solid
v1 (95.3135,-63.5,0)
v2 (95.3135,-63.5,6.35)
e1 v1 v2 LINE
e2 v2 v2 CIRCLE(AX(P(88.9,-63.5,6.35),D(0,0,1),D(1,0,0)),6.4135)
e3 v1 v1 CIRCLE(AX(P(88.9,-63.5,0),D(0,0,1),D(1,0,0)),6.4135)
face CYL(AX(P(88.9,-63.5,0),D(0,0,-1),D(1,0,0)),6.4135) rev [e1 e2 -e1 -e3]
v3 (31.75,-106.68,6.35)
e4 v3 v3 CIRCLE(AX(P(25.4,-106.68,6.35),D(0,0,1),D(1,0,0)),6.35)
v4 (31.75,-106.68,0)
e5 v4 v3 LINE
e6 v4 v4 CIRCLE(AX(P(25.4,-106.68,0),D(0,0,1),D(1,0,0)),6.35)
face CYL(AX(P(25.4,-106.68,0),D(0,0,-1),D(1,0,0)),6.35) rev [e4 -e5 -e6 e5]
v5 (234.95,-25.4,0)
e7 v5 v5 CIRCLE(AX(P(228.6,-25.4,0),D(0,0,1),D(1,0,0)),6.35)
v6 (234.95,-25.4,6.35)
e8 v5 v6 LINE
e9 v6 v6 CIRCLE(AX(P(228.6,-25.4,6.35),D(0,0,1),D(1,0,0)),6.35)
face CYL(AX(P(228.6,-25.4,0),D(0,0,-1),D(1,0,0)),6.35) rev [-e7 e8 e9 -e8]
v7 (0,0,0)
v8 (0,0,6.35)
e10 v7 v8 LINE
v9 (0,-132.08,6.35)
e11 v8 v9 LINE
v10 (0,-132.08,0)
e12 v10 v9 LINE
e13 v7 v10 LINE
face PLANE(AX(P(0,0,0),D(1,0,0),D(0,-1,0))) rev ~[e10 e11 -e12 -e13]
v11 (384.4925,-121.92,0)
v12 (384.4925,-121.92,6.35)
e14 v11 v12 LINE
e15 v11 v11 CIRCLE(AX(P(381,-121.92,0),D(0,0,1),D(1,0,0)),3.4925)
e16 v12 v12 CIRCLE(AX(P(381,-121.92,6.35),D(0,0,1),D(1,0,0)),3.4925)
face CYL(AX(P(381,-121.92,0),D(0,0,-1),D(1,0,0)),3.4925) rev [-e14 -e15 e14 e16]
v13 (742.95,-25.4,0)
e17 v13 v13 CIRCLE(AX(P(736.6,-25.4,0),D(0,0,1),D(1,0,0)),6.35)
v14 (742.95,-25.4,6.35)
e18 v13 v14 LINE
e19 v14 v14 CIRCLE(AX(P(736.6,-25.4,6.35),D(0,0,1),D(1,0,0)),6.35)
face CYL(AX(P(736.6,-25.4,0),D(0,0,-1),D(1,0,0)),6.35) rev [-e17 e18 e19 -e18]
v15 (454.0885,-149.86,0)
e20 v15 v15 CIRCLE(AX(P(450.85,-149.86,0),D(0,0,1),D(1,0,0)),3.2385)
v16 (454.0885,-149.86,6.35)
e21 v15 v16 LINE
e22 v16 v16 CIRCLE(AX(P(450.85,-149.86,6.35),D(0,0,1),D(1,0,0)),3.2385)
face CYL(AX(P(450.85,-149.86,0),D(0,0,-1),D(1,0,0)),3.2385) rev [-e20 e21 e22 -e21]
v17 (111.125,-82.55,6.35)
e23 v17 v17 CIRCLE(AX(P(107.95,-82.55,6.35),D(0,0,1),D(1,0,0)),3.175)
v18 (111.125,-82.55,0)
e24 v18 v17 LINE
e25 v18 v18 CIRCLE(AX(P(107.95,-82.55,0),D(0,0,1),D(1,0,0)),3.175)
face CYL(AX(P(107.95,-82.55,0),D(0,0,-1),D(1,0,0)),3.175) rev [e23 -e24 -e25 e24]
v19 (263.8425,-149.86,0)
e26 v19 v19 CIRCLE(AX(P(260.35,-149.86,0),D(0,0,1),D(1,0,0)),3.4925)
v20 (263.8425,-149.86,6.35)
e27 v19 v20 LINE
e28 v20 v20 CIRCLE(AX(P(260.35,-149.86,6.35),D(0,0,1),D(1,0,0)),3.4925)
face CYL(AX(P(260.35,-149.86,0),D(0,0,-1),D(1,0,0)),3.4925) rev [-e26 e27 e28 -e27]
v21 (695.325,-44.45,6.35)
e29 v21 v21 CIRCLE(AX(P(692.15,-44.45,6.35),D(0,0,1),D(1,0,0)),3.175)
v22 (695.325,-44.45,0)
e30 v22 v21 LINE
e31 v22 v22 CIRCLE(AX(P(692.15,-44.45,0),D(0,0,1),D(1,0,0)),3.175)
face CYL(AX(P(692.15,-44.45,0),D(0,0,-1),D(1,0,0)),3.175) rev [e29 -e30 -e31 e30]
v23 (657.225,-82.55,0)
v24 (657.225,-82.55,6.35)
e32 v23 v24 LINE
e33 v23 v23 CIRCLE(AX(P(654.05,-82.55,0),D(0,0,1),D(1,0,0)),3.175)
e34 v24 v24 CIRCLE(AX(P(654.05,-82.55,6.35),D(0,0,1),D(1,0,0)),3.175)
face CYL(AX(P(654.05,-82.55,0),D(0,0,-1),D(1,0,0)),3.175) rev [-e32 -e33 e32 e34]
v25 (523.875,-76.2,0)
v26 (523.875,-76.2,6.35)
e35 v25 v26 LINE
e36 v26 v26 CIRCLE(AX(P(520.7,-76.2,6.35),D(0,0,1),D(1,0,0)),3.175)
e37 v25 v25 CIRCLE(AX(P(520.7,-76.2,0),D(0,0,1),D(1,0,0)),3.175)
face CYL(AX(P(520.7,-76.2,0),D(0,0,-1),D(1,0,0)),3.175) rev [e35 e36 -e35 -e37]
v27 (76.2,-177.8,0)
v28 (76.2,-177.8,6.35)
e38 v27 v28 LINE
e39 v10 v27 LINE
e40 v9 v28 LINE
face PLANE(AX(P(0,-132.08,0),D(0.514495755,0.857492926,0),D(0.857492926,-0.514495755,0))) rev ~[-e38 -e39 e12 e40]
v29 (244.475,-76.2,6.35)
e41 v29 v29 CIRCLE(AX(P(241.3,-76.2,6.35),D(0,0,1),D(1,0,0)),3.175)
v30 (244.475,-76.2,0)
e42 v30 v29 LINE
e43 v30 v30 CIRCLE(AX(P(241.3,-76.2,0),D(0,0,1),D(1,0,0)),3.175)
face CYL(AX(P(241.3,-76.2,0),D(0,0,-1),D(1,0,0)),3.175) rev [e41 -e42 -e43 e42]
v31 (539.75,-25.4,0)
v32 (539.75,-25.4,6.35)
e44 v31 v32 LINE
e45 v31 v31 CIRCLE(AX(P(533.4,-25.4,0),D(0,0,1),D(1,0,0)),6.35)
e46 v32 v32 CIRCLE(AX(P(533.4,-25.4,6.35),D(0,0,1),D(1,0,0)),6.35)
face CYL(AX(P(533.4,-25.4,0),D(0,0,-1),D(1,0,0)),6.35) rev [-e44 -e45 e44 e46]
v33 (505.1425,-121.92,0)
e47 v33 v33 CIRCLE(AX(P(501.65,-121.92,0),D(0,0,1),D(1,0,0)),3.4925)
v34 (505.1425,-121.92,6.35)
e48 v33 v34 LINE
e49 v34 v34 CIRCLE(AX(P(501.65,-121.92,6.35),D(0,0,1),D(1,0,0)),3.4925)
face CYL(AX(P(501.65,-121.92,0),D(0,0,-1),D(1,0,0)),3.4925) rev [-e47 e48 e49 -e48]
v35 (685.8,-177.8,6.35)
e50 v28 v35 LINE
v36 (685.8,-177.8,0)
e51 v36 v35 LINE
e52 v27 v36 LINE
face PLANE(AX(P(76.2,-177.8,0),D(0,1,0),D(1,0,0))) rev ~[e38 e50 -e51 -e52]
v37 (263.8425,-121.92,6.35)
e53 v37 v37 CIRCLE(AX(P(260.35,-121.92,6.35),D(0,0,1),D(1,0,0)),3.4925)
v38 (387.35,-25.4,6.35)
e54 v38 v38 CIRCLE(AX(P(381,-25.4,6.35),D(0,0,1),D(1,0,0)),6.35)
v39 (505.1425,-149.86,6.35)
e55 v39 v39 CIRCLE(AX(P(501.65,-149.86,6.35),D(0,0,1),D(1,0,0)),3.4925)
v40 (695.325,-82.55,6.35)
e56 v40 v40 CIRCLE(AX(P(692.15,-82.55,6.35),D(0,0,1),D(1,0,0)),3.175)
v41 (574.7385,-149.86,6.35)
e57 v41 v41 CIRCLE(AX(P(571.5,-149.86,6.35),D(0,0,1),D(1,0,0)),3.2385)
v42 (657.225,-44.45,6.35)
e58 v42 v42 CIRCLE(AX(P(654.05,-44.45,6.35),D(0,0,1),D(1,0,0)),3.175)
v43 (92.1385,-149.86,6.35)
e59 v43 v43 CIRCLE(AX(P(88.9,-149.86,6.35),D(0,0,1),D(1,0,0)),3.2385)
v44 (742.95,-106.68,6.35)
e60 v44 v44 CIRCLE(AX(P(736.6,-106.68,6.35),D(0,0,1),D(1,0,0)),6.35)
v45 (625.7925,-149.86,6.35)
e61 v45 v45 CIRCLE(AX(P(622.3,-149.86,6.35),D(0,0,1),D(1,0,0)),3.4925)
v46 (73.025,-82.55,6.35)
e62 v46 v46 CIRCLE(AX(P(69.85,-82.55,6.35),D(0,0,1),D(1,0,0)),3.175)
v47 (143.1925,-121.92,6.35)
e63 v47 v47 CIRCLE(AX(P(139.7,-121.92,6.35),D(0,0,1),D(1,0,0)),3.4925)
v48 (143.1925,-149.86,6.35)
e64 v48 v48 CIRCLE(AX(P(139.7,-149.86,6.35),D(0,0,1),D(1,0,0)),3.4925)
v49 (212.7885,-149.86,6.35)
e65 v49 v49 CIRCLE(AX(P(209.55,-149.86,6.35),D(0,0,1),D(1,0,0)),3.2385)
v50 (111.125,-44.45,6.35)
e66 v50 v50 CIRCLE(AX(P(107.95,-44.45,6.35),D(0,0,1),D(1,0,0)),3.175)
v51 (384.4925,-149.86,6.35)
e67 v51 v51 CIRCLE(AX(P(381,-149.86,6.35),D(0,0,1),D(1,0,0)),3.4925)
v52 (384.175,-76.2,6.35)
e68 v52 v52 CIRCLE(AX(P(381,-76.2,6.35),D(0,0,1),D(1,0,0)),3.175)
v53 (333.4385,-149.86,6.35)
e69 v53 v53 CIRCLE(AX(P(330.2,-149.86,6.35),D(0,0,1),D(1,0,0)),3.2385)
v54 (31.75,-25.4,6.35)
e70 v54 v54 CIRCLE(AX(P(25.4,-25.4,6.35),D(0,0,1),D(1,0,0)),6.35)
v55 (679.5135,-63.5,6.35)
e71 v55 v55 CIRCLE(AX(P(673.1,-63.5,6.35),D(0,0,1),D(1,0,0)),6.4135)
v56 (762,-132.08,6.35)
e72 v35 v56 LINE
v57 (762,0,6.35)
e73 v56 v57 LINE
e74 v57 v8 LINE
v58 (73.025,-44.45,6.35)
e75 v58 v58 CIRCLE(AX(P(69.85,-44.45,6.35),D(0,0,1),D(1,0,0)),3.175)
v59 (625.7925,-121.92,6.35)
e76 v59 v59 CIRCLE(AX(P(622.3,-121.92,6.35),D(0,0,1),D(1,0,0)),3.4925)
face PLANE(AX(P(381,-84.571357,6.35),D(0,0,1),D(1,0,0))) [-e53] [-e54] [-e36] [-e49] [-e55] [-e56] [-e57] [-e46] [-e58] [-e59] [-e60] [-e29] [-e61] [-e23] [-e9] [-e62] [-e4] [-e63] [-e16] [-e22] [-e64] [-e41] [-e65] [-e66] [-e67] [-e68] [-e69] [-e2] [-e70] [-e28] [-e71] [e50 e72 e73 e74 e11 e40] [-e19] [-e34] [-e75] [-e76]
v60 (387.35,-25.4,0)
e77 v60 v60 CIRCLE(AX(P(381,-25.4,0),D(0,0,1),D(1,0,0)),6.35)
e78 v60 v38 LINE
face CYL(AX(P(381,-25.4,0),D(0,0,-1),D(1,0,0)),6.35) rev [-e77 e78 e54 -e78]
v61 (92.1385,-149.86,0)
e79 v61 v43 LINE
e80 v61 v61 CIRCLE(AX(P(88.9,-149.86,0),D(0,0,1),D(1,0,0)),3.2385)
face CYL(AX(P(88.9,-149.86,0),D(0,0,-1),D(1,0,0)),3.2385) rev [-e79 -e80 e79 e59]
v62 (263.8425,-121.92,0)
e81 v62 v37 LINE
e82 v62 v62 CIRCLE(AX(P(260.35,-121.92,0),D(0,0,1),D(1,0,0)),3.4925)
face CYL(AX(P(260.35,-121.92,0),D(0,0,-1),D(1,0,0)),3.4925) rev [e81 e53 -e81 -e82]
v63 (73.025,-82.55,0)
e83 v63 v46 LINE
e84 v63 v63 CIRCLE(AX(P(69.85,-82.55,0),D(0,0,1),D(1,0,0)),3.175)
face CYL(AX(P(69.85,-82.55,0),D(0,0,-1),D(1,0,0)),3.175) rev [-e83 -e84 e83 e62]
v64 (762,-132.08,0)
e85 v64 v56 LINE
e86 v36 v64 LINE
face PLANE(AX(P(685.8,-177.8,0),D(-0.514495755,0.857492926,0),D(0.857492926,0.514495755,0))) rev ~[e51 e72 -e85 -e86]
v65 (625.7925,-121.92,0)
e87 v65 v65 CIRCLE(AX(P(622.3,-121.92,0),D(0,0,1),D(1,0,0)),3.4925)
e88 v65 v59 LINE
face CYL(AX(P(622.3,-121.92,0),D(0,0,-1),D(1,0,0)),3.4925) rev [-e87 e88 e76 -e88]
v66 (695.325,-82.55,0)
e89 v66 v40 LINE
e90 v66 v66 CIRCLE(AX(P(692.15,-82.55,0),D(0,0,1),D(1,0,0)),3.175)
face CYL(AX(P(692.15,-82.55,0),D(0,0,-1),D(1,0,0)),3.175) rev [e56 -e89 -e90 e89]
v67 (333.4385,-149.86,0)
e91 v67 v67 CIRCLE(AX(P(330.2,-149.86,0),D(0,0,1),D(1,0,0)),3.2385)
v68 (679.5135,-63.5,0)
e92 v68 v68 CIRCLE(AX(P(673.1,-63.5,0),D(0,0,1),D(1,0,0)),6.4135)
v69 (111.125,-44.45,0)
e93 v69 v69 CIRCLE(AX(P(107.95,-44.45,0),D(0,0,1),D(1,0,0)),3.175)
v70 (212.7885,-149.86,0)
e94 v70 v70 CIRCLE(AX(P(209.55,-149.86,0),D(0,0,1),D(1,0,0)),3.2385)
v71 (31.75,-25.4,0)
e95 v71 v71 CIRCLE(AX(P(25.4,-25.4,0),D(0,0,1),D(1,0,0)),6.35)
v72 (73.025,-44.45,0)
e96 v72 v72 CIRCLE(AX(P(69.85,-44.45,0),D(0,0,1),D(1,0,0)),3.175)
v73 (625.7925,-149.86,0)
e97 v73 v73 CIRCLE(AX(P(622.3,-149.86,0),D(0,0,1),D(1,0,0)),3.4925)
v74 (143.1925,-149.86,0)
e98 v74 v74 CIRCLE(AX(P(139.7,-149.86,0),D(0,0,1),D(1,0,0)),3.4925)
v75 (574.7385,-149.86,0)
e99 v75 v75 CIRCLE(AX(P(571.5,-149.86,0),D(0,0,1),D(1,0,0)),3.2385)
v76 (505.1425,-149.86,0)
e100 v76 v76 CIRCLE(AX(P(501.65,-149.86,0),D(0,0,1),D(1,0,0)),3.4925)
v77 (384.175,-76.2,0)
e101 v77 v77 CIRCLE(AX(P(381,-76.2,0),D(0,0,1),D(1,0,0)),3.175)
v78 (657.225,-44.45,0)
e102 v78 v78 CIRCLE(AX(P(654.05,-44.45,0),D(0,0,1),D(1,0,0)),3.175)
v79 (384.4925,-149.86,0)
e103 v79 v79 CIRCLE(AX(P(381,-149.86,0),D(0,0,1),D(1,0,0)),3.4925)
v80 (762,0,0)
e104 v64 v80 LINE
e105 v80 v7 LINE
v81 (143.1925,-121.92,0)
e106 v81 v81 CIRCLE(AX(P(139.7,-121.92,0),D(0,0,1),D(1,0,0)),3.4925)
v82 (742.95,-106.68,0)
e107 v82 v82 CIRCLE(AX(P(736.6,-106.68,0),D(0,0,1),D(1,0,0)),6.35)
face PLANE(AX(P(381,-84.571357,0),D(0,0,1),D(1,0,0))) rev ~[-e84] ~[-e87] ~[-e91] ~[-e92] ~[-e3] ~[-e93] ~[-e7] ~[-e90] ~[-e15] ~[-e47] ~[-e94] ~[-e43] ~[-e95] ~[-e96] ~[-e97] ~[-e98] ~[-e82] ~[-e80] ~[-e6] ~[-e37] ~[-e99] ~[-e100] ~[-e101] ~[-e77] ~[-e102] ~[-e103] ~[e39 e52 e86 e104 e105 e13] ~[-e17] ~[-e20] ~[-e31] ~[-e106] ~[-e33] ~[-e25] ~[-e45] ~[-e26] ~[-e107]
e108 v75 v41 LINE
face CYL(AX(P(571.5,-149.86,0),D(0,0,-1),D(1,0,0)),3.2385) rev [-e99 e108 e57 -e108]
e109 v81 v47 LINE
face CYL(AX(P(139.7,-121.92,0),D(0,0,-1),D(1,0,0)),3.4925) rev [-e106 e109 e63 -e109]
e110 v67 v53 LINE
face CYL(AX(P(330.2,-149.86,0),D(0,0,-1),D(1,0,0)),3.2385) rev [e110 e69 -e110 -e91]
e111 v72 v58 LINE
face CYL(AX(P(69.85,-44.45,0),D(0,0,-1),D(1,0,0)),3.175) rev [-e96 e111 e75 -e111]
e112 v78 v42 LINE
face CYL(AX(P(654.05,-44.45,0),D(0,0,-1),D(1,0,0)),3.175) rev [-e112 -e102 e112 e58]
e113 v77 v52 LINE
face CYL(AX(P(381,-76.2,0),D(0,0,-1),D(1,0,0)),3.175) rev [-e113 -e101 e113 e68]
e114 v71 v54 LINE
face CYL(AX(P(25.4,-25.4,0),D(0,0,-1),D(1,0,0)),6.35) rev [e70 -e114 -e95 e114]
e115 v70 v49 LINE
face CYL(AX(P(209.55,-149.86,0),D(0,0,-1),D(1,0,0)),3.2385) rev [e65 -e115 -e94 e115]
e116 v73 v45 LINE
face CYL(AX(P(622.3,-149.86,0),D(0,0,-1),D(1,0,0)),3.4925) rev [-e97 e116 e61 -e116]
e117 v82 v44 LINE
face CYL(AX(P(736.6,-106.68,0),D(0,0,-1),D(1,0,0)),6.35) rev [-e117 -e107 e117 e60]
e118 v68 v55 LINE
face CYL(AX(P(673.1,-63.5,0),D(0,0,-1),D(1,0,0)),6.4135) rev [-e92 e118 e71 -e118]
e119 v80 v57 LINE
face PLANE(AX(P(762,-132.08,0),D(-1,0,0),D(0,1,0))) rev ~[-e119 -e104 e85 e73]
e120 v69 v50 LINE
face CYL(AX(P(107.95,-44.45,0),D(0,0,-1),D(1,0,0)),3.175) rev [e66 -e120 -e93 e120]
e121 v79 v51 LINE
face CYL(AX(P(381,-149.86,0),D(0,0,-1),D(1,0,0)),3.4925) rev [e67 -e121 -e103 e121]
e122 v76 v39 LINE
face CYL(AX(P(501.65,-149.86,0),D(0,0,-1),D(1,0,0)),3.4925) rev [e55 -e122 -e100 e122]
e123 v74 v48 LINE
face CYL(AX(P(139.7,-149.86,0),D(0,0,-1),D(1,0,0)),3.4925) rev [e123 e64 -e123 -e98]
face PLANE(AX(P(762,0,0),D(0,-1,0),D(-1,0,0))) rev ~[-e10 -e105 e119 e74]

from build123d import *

# Parameters (mm, degrees)
F0_R     = 3.2385
F0_R_2   = 3.4925
F0_R_3   = 6.35
F0_R_4   = 3.175
F0_R_5   = 6.4135
F1_DEPTH = 6.35


with BuildPart() as f1:
    # F0 (on Top) → F1 (new body)
    with BuildSketch(Plane.XY):
        Polygon((762, 0), (0, 0), (0, -132.08), (76.2, -177.8), (685.8, -177.8), (762, -132.08), align=None)
        with Locations((88.9, -149.86)):
            Circle(F0_R, mode=Mode.SUBTRACT)
        with Locations((139.7, -149.86)):
            Circle(F0_R_2, mode=Mode.SUBTRACT)
        with Locations((209.55, -149.86)):
            Circle(F0_R, mode=Mode.SUBTRACT)
        with Locations((260.35, -149.86)):
            Circle(F0_R_2, mode=Mode.SUBTRACT)
        with Locations((330.2, -149.86)):
            Circle(F0_R, mode=Mode.SUBTRACT)
        with Locations((139.7, -121.92)):
            Circle(F0_R_2, mode=Mode.SUBTRACT)
        with Locations((25.4, -106.68)):
            Circle(F0_R_3, mode=Mode.SUBTRACT)
        with Locations((260.35, -121.92)):
            Circle(F0_R_2, mode=Mode.SUBTRACT)
        with Locations((381, -149.86)):
            Circle(F0_R_2, mode=Mode.SUBTRACT)
        with Locations((450.85, -149.86)):
            Circle(F0_R, mode=Mode.SUBTRACT)
        with Locations((501.65, -149.86)):
            Circle(F0_R_2, mode=Mode.SUBTRACT)
        with Locations((571.5, -149.86)):
            Circle(F0_R, mode=Mode.SUBTRACT)
        with Locations((622.3, -149.86)):
            Circle(F0_R_2, mode=Mode.SUBTRACT)
        with Locations((381, -121.92)):
            Circle(F0_R_2, mode=Mode.SUBTRACT)
        with Locations((501.65, -121.92)):
            Circle(F0_R_2, mode=Mode.SUBTRACT)
        with Locations((622.3, -121.92)):
            Circle(F0_R_2, mode=Mode.SUBTRACT)
        with Locations((736.6, -106.68)):
            Circle(F0_R_3, mode=Mode.SUBTRACT)
        with Locations((69.85, -82.55)):
            Circle(F0_R_4, mode=Mode.SUBTRACT)
        with Locations((107.95, -82.55)):
            Circle(F0_R_4, mode=Mode.SUBTRACT)
        with Locations((88.9, -63.5)):
            Circle(F0_R_5, mode=Mode.SUBTRACT)
        with Locations((241.3, -76.2)):
            Circle(F0_R_4, mode=Mode.SUBTRACT)
        with Locations((69.85, -44.45)):
            Circle(F0_R_4, mode=Mode.SUBTRACT)
        with Locations((25.4, -25.4)):
            Circle(F0_R_3, mode=Mode.SUBTRACT)
        with Locations((107.95, -44.45)):
            Circle(F0_R_4, mode=Mode.SUBTRACT)
        with Locations((228.6, -25.4)):
            Circle(F0_R_3, mode=Mode.SUBTRACT)
        with Locations((381, -76.2)):
            Circle(F0_R_4, mode=Mode.SUBTRACT)
        with Locations((520.7, -76.2)):
            Circle(F0_R_4, mode=Mode.SUBTRACT)
        with Locations((654.05, -82.55)):
            Circle(F0_R_4, mode=Mode.SUBTRACT)
        with Locations((692.15, -82.55)):
            Circle(F0_R_4, mode=Mode.SUBTRACT)
        with Locations((673.1, -63.5)):
            Circle(F0_R_5, mode=Mode.SUBTRACT)
        with Locations((381, -25.4)):
            Circle(F0_R_3, mode=Mode.SUBTRACT)
        with Locations((533.4, -25.4)):
            Circle(F0_R_3, mode=Mode.SUBTRACT)
        with Locations((654.05, -44.45)):
            Circle(F0_R_4, mode=Mode.SUBTRACT)
        with Locations((692.15, -44.45)):
            Circle(F0_R_4, mode=Mode.SUBTRACT)
        with Locations((736.6, -25.4)):
            Circle(F0_R_3, mode=Mode.SUBTRACT)
    extrude(amount=F1_DEPTH)


solid = f1.part
